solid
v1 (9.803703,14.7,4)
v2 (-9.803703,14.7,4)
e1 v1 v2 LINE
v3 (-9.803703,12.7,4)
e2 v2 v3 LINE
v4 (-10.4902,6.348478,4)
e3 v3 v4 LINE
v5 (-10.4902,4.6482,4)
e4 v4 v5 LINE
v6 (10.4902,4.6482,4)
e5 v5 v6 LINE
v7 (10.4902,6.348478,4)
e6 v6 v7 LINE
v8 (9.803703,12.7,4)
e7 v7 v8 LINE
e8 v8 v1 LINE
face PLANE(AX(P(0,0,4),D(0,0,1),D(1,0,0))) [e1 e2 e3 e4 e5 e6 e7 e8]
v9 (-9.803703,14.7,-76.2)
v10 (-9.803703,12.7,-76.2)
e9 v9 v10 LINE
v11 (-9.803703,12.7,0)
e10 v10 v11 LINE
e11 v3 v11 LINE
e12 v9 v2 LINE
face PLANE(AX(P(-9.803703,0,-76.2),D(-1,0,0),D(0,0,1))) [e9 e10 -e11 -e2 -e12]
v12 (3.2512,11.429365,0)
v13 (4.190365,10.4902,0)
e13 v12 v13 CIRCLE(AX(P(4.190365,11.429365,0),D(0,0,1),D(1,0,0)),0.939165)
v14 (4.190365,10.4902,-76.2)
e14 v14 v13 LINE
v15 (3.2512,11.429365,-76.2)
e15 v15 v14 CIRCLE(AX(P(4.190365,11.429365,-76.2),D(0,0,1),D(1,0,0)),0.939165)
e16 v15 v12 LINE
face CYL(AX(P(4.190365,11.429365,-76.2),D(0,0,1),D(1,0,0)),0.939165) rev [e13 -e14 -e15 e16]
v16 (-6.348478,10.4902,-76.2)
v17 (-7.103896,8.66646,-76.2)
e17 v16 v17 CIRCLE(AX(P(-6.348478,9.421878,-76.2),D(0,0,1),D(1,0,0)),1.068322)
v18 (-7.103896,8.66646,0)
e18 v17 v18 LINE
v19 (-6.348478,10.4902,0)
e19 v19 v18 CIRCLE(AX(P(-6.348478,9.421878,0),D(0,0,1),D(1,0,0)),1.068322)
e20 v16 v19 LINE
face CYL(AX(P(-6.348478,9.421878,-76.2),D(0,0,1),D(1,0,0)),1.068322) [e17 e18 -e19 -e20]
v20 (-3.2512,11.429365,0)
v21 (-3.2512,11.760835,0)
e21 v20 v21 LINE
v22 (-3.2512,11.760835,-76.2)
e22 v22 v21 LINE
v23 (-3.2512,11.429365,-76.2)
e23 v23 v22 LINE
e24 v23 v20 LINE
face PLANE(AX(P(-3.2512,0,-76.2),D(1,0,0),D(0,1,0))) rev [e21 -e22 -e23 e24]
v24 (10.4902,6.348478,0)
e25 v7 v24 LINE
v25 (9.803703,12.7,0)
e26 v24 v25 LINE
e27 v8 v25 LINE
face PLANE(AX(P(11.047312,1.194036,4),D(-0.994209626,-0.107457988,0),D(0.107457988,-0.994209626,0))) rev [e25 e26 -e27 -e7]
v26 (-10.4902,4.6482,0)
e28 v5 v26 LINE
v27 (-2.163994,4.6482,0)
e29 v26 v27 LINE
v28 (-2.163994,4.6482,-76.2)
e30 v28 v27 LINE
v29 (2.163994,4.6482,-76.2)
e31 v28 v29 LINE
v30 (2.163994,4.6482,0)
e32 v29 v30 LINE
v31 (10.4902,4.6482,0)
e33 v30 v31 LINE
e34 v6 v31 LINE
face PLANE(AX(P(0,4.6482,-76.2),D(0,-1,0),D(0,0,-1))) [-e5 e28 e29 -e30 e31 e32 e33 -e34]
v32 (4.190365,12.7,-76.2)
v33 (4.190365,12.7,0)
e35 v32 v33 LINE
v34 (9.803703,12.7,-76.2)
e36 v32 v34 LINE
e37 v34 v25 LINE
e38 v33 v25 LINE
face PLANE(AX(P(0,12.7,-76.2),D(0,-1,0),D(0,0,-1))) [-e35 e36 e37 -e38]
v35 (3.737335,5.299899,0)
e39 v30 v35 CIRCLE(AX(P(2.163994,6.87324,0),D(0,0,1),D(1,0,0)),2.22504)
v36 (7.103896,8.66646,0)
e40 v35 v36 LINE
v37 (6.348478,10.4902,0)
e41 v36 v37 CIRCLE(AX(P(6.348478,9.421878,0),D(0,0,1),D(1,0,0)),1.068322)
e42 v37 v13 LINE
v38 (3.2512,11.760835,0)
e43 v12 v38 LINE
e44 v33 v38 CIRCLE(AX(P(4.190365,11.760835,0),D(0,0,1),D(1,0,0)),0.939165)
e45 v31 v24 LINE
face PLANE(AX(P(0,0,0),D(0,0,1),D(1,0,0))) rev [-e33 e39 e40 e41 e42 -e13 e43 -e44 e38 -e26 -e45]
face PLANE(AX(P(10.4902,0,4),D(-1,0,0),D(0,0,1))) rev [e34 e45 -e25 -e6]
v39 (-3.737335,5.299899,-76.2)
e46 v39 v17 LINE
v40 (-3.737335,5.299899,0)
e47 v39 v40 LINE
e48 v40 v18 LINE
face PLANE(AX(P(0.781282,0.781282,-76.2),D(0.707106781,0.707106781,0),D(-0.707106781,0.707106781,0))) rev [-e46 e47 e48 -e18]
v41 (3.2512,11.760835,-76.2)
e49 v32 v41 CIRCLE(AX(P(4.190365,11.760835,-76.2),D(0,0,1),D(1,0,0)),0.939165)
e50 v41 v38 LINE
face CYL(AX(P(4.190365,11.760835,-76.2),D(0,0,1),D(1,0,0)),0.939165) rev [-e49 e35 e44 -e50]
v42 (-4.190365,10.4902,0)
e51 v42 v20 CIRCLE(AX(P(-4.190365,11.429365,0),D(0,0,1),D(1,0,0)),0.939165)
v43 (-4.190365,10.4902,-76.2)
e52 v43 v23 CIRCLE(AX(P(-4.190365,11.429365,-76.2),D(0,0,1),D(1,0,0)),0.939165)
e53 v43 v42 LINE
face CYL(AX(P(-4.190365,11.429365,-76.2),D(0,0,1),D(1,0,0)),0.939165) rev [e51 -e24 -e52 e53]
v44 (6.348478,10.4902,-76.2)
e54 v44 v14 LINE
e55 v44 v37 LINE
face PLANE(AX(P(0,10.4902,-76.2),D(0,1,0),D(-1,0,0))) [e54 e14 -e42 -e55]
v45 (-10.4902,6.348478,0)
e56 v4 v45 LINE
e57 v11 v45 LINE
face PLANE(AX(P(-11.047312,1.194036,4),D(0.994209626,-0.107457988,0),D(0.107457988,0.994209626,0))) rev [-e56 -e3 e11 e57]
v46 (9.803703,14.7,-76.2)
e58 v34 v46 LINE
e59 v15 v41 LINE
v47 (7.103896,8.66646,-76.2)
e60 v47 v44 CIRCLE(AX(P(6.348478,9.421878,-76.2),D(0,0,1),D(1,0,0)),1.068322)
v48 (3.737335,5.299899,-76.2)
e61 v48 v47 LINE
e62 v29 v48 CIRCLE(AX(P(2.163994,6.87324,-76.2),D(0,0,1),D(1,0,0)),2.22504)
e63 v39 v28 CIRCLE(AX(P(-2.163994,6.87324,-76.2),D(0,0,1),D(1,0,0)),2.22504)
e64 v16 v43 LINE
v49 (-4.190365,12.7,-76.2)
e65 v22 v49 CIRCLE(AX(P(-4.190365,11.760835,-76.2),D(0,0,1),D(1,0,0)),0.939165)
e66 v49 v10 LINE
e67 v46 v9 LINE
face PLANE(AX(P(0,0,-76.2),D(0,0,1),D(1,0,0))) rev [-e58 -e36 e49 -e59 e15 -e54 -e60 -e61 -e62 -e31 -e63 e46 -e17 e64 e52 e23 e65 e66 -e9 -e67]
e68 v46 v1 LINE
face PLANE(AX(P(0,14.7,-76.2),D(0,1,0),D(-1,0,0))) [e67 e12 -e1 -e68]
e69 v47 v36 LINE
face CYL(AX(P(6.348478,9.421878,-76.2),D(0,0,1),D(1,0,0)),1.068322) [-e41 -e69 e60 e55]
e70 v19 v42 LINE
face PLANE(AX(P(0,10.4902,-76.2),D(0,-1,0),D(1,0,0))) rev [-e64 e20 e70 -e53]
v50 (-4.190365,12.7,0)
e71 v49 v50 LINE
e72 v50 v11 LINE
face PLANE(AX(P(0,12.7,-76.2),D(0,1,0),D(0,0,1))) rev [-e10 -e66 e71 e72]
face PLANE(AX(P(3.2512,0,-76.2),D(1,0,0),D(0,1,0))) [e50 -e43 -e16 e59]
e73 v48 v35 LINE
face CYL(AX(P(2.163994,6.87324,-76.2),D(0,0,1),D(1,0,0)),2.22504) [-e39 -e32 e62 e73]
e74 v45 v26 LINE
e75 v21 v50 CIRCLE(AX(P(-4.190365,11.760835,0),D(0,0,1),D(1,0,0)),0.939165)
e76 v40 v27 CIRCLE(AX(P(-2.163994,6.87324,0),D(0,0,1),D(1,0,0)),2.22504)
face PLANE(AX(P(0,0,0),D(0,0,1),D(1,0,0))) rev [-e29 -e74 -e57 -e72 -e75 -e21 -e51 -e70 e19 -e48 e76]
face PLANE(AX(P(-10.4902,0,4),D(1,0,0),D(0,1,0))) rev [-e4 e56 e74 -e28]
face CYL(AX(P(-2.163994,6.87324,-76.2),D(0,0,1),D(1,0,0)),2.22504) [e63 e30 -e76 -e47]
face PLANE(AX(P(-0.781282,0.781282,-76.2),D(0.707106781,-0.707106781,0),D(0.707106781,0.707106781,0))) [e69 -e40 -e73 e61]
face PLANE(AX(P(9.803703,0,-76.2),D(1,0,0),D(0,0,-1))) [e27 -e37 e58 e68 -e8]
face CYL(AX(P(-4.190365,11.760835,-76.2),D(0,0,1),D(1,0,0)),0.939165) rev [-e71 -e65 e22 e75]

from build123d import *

# Parameters (mm, degrees)
BOSS_EXTRUDE1_DEPTH = 76.2
BOSS_EXTRUDE2_DEPTH = 4


with BuildPart() as part:
    # Sketch1 → Boss-Extrude1 (new body)
    with BuildSketch(Plane.XY):
        with BuildLine():
            Line((-3.2512, 11.760835), (-3.2512, 11.429365))
            ThreePointArc((-3.2512, 11.429365), (-3.52627506, 10.76527506), (-4.190365, 10.4902))
            Line((-4.190365, 10.4902), (-6.348478019, 10.4902))
            ThreePointArc((-6.348478019, 10.4902), (-7.335478831, 9.830707141), (-7.103895736, 8.666460301))
            Line((-7.103895736, 8.666460301), (-3.737334563, 5.299899128))
            ThreePointArc((-3.737334563, 5.299899128), (-3.015479634, 4.817571085), (-2.16399369, 4.6482))
            Line((-2.16399369, 4.6482), (2.16399369, 4.6482))
            ThreePointArc((2.16399369, 4.6482), (3.015479634, 4.817571085), (3.737334563, 5.299899128))
            Line((3.737334563, 5.299899128), (7.103895736, 8.666460301))
            ThreePointArc((7.103895736, 8.666460301), (7.335478831, 9.830707141), (6.348478019, 10.4902))
            Line((6.348478019, 10.4902), (4.190365, 10.4902))
            ThreePointArc((4.190365, 10.4902), (3.52627506, 10.76527506), (3.2512, 11.429365))
            Line((3.2512, 11.429365), (3.2512, 11.760835))
            ThreePointArc((3.2512, 11.760835), (3.52627506, 12.42492494), (4.190365, 12.7))
            Line((4.190365, 12.7), (5.243578019, 12.7))
            Line((5.243578019, 12.7), (6.348478019, 12.7))
            Line((6.348478019, 12.7), (9.803703152, 12.7))
            Line((9.803703152, 12.7), (9.803703152, 14.7))
            Line((9.803703152, 14.7), (-9.803703152, 14.7))
            Line((-9.803703152, 14.7), (-9.803703152, 12.7))
            Line((-9.803703152, 12.7), (-5.243578019, 12.7))
            Line((-5.243578019, 12.7), (-4.190365, 12.7))
            ThreePointArc((-4.190365, 12.7), (-3.52627506, 12.42492494), (-3.2512, 11.760835))
        make_face()
    extrude(amount=-BOSS_EXTRUDE1_DEPTH)

    # Sketch1<3> → Boss-Extrude2 (add)
    with BuildSketch(Plane.XY):
        Polygon((-10.4902, 4.6482), (10.4902, 4.6482), (10.4902, 6.348478019), (9.803703152, 12.7), (9.803703152, 14.7), (-9.803703152, 14.7), (-9.803703152, 12.7), (-10.4902, 6.348478019), align=None)
    extrude(amount=BOSS_EXTRUDE2_DEPTH)


solid = part.part
